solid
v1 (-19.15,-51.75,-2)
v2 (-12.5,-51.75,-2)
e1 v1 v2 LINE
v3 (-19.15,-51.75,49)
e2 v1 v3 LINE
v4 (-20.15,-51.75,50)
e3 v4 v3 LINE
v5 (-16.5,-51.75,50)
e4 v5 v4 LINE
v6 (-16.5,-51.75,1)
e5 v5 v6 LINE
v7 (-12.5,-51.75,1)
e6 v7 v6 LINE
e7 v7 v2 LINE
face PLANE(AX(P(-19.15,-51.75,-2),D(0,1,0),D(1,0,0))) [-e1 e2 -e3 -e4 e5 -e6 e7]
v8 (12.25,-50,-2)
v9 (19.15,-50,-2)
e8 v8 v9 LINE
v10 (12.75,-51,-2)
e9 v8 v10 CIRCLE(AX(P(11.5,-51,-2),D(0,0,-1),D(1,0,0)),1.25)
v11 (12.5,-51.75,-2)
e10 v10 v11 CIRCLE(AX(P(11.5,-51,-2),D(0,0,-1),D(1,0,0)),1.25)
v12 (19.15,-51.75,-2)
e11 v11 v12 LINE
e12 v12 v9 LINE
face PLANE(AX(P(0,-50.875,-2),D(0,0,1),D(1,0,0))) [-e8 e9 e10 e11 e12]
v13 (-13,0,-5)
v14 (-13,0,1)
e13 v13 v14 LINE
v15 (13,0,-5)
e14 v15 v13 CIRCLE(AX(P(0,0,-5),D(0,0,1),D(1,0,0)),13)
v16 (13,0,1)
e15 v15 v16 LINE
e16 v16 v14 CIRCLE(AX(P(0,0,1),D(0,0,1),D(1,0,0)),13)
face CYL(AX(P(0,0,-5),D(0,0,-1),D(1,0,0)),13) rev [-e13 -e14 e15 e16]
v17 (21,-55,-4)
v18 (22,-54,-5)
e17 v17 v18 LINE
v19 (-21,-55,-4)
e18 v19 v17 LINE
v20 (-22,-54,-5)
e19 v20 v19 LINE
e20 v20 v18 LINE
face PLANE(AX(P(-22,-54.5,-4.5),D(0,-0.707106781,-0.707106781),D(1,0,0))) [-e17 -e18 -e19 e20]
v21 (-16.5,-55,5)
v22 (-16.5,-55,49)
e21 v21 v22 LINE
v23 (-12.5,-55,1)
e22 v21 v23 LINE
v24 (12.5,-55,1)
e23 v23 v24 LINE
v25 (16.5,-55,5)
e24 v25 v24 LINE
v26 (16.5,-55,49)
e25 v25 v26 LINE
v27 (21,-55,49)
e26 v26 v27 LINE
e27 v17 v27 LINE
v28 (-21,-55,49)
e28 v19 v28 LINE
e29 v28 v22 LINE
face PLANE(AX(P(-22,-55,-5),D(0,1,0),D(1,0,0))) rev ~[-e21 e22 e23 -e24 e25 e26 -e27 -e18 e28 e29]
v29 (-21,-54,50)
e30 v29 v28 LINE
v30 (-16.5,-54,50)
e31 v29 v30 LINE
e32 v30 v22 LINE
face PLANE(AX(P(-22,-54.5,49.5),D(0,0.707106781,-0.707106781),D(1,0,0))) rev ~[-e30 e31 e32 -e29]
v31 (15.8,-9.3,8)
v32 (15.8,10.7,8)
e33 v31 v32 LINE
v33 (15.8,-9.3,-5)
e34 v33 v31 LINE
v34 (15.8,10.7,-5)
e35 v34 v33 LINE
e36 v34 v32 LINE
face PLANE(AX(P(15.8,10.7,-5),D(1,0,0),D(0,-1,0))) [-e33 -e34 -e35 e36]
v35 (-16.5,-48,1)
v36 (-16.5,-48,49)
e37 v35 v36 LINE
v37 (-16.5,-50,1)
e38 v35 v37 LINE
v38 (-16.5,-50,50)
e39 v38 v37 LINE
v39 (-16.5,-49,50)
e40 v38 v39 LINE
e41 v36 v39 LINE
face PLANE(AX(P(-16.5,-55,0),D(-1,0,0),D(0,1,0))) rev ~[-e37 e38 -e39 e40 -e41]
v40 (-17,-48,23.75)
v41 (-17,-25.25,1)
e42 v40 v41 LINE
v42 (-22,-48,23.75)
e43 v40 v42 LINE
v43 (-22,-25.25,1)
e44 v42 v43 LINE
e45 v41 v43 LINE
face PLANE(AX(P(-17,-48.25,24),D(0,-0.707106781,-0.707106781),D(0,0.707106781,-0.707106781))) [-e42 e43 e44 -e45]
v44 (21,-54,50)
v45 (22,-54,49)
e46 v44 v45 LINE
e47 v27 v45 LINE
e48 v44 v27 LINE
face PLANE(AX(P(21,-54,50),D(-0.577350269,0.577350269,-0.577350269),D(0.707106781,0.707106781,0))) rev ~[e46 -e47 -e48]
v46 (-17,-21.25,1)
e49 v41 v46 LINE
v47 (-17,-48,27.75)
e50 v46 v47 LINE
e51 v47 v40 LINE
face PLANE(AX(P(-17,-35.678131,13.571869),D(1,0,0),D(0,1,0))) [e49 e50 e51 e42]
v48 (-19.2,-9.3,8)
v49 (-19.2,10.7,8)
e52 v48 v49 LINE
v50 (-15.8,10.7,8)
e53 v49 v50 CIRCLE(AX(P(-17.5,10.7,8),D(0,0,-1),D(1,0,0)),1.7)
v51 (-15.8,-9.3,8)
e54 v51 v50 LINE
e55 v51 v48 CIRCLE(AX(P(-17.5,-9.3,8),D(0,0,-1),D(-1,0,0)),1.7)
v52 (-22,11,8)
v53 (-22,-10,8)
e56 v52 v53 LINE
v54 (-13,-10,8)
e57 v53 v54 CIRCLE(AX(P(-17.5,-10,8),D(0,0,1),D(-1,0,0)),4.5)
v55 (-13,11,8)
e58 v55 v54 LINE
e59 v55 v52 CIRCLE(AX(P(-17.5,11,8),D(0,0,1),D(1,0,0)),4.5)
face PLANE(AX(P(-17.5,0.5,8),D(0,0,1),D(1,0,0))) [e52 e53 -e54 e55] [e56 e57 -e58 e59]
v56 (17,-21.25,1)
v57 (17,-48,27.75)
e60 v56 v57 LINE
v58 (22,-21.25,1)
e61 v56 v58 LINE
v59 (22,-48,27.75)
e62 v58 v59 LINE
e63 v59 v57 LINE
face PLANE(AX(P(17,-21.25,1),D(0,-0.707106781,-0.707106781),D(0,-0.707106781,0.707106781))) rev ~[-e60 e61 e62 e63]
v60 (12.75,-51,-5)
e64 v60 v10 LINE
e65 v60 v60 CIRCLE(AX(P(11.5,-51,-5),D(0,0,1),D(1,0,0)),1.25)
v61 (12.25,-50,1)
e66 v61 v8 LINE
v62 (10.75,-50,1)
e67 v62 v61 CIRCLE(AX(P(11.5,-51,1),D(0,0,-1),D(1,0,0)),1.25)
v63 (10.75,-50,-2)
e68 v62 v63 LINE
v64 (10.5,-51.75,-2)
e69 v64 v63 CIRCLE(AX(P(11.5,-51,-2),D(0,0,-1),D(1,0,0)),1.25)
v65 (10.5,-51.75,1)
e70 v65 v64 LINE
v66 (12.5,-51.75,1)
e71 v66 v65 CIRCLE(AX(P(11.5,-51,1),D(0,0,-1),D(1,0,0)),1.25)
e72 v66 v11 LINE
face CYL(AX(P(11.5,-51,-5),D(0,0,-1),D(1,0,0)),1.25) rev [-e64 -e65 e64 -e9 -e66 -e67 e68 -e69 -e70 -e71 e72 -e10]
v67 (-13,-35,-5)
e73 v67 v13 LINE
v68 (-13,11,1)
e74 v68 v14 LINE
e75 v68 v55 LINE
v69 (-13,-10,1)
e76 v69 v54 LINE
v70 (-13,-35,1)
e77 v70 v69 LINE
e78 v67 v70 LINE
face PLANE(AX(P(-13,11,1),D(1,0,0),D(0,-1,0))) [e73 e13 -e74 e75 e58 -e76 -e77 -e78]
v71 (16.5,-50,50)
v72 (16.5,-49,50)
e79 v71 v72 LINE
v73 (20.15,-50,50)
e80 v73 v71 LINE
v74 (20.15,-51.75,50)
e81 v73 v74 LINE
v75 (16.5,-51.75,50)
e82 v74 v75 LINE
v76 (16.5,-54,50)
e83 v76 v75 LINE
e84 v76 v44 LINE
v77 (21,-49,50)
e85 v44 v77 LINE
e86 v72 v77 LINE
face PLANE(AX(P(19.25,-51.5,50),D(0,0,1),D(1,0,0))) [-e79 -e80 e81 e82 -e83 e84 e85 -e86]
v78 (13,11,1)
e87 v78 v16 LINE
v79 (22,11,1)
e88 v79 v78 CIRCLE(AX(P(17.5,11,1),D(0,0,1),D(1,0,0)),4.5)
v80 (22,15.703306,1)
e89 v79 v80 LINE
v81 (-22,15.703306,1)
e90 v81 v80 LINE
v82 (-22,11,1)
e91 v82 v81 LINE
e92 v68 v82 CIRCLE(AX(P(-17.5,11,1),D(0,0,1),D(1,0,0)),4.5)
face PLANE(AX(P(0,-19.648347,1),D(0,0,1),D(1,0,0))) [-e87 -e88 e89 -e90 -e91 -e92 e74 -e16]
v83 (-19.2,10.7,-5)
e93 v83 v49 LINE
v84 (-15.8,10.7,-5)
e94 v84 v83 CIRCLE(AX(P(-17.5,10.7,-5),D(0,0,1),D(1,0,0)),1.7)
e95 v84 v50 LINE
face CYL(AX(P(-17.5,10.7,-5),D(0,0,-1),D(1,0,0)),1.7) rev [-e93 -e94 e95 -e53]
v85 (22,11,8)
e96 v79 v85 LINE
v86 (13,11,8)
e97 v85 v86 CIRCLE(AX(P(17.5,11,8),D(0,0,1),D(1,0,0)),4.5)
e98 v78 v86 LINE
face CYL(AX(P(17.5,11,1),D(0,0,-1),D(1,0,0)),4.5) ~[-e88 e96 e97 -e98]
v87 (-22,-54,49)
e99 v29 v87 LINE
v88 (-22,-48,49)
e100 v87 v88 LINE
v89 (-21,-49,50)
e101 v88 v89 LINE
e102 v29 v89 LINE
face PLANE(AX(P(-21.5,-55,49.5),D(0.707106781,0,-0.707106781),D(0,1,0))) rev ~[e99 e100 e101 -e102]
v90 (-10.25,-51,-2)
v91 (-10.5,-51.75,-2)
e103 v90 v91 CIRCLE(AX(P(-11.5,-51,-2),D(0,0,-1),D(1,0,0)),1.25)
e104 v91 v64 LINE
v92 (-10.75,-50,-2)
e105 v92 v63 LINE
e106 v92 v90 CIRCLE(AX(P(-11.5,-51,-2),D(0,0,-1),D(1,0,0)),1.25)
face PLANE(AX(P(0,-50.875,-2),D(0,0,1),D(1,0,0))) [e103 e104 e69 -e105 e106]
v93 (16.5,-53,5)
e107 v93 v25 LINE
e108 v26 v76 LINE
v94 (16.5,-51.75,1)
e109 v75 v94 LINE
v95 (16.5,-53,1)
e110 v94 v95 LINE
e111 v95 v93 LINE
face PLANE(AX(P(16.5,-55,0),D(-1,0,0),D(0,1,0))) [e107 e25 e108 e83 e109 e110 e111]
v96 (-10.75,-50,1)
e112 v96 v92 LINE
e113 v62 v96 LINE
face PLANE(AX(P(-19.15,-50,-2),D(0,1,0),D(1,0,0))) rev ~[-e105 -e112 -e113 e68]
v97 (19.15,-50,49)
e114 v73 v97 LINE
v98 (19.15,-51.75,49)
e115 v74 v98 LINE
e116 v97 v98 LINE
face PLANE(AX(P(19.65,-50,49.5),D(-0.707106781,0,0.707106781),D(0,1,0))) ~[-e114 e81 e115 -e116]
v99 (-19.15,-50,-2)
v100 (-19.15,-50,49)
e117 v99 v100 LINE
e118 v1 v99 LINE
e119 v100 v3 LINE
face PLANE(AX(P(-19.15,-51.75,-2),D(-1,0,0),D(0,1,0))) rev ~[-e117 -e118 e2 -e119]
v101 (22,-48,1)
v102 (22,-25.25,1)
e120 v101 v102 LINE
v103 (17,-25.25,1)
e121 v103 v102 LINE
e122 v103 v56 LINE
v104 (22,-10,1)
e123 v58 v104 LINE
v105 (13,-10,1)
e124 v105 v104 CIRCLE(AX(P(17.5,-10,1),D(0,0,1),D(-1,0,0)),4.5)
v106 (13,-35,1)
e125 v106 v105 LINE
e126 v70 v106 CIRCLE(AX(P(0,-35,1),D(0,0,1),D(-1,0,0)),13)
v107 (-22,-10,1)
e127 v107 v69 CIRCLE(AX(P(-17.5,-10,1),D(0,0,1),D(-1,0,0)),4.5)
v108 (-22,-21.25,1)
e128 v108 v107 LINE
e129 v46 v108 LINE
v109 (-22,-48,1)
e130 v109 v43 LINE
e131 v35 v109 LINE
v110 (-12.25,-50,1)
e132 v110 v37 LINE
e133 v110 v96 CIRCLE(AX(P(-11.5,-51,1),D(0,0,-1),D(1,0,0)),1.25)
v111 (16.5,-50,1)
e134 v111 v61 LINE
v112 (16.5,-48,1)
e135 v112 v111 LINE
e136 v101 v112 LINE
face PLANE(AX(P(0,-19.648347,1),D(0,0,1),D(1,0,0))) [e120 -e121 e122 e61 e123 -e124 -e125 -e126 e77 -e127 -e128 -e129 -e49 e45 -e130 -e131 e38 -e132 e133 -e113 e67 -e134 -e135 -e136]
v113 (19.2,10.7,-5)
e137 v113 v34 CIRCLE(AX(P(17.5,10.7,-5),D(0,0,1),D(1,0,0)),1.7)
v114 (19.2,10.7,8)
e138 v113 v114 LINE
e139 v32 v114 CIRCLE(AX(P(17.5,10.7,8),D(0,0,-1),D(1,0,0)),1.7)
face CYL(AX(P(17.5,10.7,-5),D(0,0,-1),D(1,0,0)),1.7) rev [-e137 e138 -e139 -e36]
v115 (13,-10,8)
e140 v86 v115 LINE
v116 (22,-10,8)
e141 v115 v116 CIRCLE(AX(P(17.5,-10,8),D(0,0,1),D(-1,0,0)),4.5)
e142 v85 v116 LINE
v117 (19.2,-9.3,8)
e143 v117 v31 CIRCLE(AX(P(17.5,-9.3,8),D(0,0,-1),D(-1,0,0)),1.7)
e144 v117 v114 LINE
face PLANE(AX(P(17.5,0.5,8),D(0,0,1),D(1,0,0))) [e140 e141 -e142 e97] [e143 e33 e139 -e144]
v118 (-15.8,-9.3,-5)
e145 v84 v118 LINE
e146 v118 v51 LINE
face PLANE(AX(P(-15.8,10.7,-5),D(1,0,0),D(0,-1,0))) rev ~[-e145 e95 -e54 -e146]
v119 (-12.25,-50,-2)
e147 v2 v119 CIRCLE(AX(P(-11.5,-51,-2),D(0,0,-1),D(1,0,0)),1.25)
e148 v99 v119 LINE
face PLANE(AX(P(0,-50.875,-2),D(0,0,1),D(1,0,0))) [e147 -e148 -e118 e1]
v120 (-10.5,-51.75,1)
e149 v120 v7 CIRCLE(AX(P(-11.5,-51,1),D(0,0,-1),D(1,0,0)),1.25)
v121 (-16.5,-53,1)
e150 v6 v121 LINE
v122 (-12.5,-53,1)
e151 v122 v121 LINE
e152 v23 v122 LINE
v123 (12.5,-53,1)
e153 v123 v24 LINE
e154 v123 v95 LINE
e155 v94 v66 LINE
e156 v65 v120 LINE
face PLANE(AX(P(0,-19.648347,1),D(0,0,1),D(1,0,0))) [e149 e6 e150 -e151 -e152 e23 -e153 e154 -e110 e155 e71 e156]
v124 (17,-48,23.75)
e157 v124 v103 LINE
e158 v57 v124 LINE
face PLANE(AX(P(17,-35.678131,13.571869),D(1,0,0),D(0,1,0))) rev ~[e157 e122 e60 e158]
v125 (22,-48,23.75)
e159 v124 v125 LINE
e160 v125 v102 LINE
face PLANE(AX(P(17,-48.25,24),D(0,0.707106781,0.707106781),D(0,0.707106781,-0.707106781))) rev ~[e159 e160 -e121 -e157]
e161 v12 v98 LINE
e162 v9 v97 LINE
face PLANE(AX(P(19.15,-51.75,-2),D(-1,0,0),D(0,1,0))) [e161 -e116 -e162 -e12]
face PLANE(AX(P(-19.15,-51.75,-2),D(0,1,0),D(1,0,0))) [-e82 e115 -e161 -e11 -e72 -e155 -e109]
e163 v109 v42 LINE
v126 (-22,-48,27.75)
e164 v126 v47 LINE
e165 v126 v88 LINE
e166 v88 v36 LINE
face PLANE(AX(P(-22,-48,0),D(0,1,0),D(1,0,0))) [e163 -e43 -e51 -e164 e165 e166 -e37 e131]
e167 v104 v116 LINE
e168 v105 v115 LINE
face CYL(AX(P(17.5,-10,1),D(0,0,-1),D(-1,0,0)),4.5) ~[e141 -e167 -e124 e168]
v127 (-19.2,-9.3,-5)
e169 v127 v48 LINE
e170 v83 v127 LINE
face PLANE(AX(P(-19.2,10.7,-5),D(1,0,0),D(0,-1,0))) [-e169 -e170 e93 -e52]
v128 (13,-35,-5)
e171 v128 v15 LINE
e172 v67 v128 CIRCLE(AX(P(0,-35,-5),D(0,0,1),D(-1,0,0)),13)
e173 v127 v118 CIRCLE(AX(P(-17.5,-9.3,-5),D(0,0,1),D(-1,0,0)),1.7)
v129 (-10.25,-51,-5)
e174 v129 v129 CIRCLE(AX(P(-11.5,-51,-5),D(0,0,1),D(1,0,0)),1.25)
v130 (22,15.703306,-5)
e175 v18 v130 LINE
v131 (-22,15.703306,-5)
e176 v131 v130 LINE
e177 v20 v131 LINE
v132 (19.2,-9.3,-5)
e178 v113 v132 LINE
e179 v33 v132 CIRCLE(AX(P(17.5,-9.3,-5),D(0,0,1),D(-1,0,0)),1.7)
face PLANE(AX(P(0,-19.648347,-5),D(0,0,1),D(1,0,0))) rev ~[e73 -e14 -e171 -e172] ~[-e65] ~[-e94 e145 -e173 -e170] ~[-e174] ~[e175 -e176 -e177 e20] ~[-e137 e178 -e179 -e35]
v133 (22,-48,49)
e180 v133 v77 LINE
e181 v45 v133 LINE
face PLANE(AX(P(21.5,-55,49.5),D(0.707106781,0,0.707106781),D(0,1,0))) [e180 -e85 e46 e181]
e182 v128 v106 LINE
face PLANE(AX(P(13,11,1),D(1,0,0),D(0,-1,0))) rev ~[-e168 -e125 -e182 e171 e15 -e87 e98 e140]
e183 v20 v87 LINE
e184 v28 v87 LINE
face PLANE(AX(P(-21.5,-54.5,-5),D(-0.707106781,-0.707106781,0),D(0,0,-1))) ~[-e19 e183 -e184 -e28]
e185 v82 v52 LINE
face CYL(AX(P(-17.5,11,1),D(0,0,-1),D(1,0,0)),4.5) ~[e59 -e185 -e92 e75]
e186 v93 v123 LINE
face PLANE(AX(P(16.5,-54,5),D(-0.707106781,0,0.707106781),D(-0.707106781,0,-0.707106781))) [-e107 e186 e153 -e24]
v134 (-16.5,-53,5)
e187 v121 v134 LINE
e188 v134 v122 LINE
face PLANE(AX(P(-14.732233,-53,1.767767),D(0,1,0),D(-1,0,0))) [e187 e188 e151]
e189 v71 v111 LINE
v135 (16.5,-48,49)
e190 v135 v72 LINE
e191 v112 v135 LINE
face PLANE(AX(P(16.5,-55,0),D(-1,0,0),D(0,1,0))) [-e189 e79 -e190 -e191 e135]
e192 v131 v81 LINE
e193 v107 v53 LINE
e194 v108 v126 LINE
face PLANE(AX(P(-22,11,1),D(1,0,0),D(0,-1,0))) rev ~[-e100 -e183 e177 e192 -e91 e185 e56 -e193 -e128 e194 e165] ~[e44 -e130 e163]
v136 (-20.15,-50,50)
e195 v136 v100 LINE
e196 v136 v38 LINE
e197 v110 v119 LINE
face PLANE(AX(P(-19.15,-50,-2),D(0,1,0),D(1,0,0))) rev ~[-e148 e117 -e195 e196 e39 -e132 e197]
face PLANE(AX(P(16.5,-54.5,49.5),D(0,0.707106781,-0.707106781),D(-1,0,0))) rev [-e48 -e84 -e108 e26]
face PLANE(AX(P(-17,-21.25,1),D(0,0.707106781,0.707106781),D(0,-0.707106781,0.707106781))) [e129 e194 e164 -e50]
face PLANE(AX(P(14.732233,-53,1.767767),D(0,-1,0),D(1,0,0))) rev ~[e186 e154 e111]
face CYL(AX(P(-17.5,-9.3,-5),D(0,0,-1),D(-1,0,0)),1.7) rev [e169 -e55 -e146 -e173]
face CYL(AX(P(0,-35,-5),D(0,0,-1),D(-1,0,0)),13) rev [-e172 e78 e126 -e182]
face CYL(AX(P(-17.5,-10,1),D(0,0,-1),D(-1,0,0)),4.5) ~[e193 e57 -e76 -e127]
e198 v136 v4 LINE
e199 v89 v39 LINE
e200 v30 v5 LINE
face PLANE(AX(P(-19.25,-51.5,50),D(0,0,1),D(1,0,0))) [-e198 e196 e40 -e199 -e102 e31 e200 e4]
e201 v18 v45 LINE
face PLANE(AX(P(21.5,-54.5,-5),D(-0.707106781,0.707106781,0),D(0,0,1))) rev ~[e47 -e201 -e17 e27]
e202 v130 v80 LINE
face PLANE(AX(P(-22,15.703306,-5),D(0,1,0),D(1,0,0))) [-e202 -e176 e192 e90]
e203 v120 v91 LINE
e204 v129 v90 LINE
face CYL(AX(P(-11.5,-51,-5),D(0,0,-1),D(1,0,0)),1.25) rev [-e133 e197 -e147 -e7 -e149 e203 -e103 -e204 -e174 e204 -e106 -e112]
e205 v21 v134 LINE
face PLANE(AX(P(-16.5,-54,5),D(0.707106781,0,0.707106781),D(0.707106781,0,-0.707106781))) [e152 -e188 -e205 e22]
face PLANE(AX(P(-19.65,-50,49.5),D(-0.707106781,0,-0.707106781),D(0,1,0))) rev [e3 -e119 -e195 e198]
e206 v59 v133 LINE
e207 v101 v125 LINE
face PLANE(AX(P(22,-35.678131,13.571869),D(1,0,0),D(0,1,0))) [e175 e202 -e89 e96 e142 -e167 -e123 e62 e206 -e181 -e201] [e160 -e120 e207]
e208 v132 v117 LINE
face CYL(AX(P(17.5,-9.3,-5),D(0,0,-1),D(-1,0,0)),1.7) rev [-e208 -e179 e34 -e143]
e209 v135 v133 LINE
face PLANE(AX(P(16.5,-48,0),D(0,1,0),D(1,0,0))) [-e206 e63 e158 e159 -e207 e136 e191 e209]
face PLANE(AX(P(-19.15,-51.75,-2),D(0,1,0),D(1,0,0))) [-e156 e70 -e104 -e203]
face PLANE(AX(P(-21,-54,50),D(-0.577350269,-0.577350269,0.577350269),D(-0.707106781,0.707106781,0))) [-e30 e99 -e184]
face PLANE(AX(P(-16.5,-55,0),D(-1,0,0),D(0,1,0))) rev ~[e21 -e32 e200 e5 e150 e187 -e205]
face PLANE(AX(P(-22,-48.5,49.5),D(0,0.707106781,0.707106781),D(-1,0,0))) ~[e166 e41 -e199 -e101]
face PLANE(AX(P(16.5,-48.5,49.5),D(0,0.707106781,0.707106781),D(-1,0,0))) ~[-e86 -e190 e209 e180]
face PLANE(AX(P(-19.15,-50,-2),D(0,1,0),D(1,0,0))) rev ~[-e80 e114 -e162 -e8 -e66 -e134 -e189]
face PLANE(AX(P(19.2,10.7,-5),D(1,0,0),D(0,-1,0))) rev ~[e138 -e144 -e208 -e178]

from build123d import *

# Parameters (mm, degrees)
SKETCH004_W     = 44
SKETCH004_H     = 70.703306
PAD003_DEPTH    = 6
SKETCH006_W     = 5.5
SKETCH006_H     = 7
PAD004_DEPTH    = 50
PAD007_DEPTH    = 5
PAD008_DEPTH    = 5
SKETCH014_R     = 1.25
HOLE003_DEPTH   = 10
PAD010_DEPTH    = 7
POCKET_DEPTH    = 20
SKETCH017_W     = 38.3
SKETCH017_H     = 1.75
POCKET001_DEPTH = 60
CHAMFER003_SIZE = 1
PAD011_DEPTH    = 1


with BuildPart() as part:
    # Sketch004 → Pad003 (new body)
    with BuildSketch(Plane.XY.offset(-5)):
        with Locations((0, -19.648347)):
            Rectangle(SKETCH004_W, SKETCH004_H)
        with BuildLine():
            ThreePointArc((-13, -35), (0, -48), (13, -35))
            Line((13, -35), (13, 0))
            ThreePointArc((13, 0), (0, 13), (-13, 0))
            Line((-13, -35), (-13, 0))
        make_face(mode=Mode.SUBTRACT)
    extrude(amount=PAD003_DEPTH)

    # Sketch006 → Pad004 (join)
    with BuildSketch(Plane.XY):
        with Locations((-19.25, -51.5)):
            Rectangle(SKETCH006_W, SKETCH006_H)
        with Locations((19.25, -51.5)):
            Rectangle(SKETCH006_W, SKETCH006_H)
    extrude(amount=PAD004_DEPTH)

    # Sketch011 → Pad007 (join)
    with BuildSketch(Plane(origin=(17, 0, -4), x_dir=(0, 1, 0), z_dir=(1, 0, 0))):
        Polygon((-21.25, 5), (-48.25, 32), (-48.25, 28), (-25.25, 5), align=None)
    extrude(amount=PAD007_DEPTH)

    # Sketch012 → Pad008 (join)
    with BuildSketch(Plane(origin=(-17, 0, -4), x_dir=(0, 1, 0), z_dir=(1, 0, 0))):
        Polygon((-48.25, 32), (-48.25, 28), (-25.25, 5), (-21.25, 5), align=None)
    extrude(amount=-PAD008_DEPTH)

    # Sketch014 → Hole003 (cut)
    with BuildSketch(Plane.XY.offset(-5)):
        with Locations((-11.5, -51)):
            Circle(SKETCH014_R)
        with Locations((11.5, -51)):
            Circle(SKETCH014_R)
    extrude(amount=HOLE003_DEPTH, mode=Mode.SUBTRACT)

    # Sketch016 → Pad010 (join)
    with BuildSketch(Plane.XY.offset(1)):
        with BuildLine():
            ThreePointArc((-13, 11), (-17.5, 15.5), (-22, 11))
            Line((-22, 11), (-22, -10))
            ThreePointArc((-22, -10), (-17.5, -14.5), (-13, -10))
            Line((-13, 11), (-13, -10))
        make_face()
        with BuildLine():
            ThreePointArc((22, 11), (17.5, 15.5), (13, 11))
            Line((13, 11), (13, -10))
            ThreePointArc((13, -10), (17.5, -14.5), (22, -10))
            Line((22, 11), (22, -10))
        make_face()
    extrude(amount=PAD010_DEPTH)

    # Sketch015 → Pocket (cut)
    with BuildSketch(Plane.XY.offset(-5)):
        with BuildLine():
            ThreePointArc((-15.8, 10.7), (-17.5, 12.4), (-19.2, 10.7))
            Line((-19.2, 10.7), (-19.2, -9.3))
            ThreePointArc((-19.2, -9.3), (-17.5, -11), (-15.8, -9.3))
            Line((-15.8, 10.7), (-15.8, -9.3))
        make_face()
        with BuildLine():
            ThreePointArc((19.2, 10.7), (17.5, 12.4), (15.8, 10.7))
            Line((15.8, 10.7), (15.8, -9.3))
            ThreePointArc((15.8, -9.3), (17.5, -11), (19.2, -9.3))
            Line((19.2, 10.7), (19.2, -9.3))
        make_face()
    extrude(amount=POCKET_DEPTH, mode=Mode.SUBTRACT)

    # Sketch017 → Pocket001 (cut)
    with BuildSketch(Plane.XY.offset(-2)):
        with Locations((0, -50.875)):
            Rectangle(SKETCH017_W, SKETCH017_H)
    extrude(amount=POCKET001_DEPTH, mode=Mode.SUBTRACT)

    # Chamfer003
    chamfer003_edges = [part.edges().sort_by_distance(p)[0] for p in [
        (-22, -55, 0.5),
        (-22, -55, 25.5),
        (22, -55, 0.5),
        (22, -55, 25.5),
        (-19.25, -55, 50),
        (-22, -51.5, 50),
        (-19.25, -48, 50),
        (19.25, -55, 50),
        (22, -51.5, 50),
        (19.25, -48, 50),
        (-19.15, -50.875, 50),
        (19.15, -50.875, 50),
        (0, -55, -5),
    ]]
    chamfer(chamfer003_edges, length=CHAMFER003_SIZE)

    # Sketch018 → Pad011 (join, symmetric)
    with BuildSketch(Plane.XZ.offset(54)):
        Polygon((-16.5, 0), (-16.5, 5), (-11.5, 0), align=None)
        Polygon((16.5, 0), (16.5, 5), (11.5, 0), align=None)
    extrude(amount=PAD011_DEPTH, both=True)


solid = part.part
